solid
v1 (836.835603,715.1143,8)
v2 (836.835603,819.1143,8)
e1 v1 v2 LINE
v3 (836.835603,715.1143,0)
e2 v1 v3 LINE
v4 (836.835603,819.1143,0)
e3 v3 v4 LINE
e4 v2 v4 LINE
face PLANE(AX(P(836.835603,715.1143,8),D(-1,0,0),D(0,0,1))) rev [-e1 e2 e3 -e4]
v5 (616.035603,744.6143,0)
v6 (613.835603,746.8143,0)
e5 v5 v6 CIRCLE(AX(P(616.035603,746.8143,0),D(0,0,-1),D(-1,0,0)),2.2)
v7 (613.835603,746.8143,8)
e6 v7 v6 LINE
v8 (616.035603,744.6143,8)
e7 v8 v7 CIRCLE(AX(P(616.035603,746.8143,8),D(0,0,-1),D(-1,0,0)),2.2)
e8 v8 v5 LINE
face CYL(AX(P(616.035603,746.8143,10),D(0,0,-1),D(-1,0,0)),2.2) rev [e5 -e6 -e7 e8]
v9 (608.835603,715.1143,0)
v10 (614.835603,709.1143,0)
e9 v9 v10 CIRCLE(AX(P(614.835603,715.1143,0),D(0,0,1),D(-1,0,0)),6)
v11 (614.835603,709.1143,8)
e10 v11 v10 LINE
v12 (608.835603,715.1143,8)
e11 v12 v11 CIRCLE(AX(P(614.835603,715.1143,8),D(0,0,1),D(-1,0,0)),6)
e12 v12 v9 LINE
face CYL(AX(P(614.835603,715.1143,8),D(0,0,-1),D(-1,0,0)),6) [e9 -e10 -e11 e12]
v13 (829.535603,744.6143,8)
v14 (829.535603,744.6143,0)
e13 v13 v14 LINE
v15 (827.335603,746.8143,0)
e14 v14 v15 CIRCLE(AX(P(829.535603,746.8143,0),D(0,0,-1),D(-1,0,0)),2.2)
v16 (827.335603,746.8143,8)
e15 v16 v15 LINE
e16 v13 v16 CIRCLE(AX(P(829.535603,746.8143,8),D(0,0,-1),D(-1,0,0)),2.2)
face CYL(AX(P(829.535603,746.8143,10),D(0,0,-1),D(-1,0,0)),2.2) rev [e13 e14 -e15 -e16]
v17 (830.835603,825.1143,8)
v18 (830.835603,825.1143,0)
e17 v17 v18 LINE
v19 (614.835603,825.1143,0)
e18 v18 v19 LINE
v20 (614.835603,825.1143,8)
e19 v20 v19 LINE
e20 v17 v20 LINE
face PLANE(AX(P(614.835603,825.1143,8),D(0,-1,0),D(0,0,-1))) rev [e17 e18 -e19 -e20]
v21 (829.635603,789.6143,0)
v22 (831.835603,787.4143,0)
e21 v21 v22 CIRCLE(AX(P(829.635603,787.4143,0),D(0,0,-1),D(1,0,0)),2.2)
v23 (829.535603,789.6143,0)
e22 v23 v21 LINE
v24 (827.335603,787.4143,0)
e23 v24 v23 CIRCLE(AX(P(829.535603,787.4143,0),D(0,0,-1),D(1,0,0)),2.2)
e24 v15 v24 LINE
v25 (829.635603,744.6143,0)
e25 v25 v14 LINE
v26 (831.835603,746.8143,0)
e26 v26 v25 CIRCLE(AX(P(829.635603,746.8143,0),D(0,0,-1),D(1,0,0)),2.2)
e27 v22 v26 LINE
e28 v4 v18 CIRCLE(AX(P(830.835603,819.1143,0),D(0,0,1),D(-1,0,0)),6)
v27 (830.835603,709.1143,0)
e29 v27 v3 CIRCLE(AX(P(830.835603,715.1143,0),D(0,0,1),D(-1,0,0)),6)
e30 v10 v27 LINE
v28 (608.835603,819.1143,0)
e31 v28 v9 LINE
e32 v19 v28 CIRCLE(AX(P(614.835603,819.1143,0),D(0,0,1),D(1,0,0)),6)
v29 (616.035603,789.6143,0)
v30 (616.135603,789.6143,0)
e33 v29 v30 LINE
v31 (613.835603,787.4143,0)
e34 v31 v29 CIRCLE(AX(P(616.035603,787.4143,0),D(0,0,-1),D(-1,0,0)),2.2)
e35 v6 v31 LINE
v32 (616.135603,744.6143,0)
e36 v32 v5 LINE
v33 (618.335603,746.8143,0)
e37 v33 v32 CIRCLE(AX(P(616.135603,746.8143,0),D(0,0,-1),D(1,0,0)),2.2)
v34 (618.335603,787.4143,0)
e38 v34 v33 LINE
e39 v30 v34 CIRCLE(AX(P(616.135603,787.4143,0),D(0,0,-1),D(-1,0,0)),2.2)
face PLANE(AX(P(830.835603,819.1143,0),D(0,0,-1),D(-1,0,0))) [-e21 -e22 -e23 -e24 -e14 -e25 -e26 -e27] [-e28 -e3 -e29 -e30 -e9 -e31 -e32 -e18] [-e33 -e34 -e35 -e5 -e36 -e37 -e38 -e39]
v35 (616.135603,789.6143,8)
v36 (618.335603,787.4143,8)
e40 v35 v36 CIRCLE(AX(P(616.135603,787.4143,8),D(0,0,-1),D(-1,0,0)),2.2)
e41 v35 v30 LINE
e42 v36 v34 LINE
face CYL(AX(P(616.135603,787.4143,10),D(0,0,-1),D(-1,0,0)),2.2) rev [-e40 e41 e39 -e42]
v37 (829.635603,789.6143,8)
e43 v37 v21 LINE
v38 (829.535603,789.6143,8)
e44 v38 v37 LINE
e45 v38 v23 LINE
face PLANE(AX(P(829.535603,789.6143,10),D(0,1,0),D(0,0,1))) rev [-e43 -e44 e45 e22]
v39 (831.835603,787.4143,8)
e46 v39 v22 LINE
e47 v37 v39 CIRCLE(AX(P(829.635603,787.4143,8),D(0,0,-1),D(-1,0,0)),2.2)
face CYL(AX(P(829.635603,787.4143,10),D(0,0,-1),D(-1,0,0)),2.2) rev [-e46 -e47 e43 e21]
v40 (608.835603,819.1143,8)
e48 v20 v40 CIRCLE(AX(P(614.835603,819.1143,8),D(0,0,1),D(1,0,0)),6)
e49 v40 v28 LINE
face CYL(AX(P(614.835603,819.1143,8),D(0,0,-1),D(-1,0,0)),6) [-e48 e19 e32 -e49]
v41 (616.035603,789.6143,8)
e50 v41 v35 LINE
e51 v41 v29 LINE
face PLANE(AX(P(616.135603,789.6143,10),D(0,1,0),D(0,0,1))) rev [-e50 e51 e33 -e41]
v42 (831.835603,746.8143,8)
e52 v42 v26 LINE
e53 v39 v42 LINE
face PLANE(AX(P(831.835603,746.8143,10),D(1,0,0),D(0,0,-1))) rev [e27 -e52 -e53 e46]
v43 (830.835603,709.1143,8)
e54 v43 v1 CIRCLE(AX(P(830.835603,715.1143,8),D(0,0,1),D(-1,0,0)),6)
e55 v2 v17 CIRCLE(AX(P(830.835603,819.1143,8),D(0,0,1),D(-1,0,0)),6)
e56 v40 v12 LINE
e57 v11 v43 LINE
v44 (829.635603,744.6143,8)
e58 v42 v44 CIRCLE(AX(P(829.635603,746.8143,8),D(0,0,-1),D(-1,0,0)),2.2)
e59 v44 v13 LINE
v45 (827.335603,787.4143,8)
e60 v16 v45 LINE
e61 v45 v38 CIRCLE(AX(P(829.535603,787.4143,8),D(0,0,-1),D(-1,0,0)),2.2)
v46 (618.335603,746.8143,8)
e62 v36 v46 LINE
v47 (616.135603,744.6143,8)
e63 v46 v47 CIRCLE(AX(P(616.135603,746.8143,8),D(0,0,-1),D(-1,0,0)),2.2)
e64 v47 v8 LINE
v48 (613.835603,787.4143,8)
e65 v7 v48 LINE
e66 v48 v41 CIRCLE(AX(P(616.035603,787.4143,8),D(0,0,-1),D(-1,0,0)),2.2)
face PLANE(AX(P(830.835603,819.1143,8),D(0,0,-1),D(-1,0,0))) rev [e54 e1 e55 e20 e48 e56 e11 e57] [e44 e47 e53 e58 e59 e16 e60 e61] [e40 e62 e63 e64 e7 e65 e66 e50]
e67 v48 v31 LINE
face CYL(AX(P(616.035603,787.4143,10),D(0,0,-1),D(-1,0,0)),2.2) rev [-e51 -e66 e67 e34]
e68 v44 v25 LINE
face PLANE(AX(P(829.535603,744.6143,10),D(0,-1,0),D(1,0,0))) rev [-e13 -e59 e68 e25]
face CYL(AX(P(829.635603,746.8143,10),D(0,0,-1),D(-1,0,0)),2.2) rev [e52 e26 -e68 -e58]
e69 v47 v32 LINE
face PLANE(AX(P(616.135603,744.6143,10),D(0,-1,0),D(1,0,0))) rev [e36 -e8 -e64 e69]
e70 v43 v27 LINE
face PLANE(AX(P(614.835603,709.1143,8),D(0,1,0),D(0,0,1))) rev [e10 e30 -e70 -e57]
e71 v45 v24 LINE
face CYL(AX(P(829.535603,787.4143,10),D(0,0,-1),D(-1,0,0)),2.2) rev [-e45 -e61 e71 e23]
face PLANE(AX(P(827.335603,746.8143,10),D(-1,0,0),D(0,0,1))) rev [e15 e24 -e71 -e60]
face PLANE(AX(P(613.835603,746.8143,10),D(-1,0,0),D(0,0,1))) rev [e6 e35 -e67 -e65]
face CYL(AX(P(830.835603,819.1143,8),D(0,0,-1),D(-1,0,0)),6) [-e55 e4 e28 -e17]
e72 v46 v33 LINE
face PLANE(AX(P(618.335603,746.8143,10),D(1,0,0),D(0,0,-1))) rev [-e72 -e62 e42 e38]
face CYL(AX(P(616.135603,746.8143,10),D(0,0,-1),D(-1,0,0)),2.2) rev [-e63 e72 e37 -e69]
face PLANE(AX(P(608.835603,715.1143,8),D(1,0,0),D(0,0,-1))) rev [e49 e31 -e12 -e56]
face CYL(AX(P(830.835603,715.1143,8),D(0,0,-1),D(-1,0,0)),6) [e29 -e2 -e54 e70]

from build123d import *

# Parameters (mm, degrees)
SALIENTE_EXTRUIR1_DEPTH = 8
CORTAR_EXTRUIR1_DEPTH   = 10


with BuildPart() as part:
    # Croquis2 → Saliente-Extruir1 (new body)
    with BuildSketch(Plane.XY):
        with BuildLine():
            Line((614.835603051, 709.114300051), (830.835603051, 709.114300051))
            ThreePointArc((830.835603051, 709.114300051), (835.078243738, 710.871659363), (836.835603051, 715.114300051))
            Line((836.835603051, 715.114300051), (836.835603051, 819.114300051))
            ThreePointArc((836.835603051, 819.114300051), (835.078243738, 823.356940738), (830.835603051, 825.114300051))
            Line((830.835603051, 825.114300051), (614.835603051, 825.114300051))
            ThreePointArc((614.835603051, 825.114300051), (610.592962364, 823.356940738), (608.835603051, 819.114300051))
            Line((608.835603051, 819.114300051), (608.835603051, 715.114300051))
            ThreePointArc((608.835603051, 715.114300051), (610.592962364, 710.871659363), (614.835603051, 709.114300051))
        make_face()
    extrude(amount=SALIENTE_EXTRUIR1_DEPTH)

    # Croquis3 → Cortar-Extruir1 (cut)
    with BuildSketch(Plane(origin=(0, 0, 0), x_dir=(-1, 0, 0), z_dir=(0, 0, -1))):
        with BuildLine():
            Line((-616.135603051, 744.614300051), (-616.035603051, 744.614300051))
            ThreePointArc((-616.035603051, 744.614300051), (-614.479968132, 745.258665132), (-613.835603051, 746.814300051))
            Line((-613.835603051, 746.814300051), (-613.835603051, 787.414300051))
            ThreePointArc((-613.835603051, 787.414300051), (-614.479968132, 788.969934969), (-616.035603051, 789.614300051))
            Line((-616.035603051, 789.614300051), (-616.135603051, 789.614300051))
            ThreePointArc((-616.135603051, 789.614300051), (-617.691237969, 788.969934969), (-618.335603051, 787.414300051))
            Line((-618.335603051, 787.414300051), (-618.335603051, 746.814300051))
            ThreePointArc((-618.335603051, 746.814300051), (-617.691237969, 745.258665132), (-616.135603051, 744.614300051))
        make_face()
        with BuildLine():
            Line((-829.535603051, 789.614300051), (-829.635603051, 789.614300051))
            ThreePointArc((-829.635603051, 789.614300051), (-831.191237969, 788.969934969), (-831.835603051, 787.414300051))
            Line((-831.835603051, 787.414300051), (-831.835603051, 746.814300051))
            ThreePointArc((-831.835603051, 746.814300051), (-831.191237969, 745.258665132), (-829.635603051, 744.614300051))
            Line((-829.635603051, 744.614300051), (-829.535603051, 744.614300051))
            ThreePointArc((-829.535603051, 744.614300051), (-827.979968132, 745.258665132), (-827.335603051, 746.814300051))
            Line((-827.335603051, 746.814300051), (-827.335603051, 787.414300051))
            ThreePointArc((-827.335603051, 787.414300051), (-827.979968132, 788.969934969), (-829.535603051, 789.614300051))
        make_face()
    extrude(amount=-CORTAR_EXTRUIR1_DEPTH, mode=Mode.SUBTRACT)


solid = part.part
